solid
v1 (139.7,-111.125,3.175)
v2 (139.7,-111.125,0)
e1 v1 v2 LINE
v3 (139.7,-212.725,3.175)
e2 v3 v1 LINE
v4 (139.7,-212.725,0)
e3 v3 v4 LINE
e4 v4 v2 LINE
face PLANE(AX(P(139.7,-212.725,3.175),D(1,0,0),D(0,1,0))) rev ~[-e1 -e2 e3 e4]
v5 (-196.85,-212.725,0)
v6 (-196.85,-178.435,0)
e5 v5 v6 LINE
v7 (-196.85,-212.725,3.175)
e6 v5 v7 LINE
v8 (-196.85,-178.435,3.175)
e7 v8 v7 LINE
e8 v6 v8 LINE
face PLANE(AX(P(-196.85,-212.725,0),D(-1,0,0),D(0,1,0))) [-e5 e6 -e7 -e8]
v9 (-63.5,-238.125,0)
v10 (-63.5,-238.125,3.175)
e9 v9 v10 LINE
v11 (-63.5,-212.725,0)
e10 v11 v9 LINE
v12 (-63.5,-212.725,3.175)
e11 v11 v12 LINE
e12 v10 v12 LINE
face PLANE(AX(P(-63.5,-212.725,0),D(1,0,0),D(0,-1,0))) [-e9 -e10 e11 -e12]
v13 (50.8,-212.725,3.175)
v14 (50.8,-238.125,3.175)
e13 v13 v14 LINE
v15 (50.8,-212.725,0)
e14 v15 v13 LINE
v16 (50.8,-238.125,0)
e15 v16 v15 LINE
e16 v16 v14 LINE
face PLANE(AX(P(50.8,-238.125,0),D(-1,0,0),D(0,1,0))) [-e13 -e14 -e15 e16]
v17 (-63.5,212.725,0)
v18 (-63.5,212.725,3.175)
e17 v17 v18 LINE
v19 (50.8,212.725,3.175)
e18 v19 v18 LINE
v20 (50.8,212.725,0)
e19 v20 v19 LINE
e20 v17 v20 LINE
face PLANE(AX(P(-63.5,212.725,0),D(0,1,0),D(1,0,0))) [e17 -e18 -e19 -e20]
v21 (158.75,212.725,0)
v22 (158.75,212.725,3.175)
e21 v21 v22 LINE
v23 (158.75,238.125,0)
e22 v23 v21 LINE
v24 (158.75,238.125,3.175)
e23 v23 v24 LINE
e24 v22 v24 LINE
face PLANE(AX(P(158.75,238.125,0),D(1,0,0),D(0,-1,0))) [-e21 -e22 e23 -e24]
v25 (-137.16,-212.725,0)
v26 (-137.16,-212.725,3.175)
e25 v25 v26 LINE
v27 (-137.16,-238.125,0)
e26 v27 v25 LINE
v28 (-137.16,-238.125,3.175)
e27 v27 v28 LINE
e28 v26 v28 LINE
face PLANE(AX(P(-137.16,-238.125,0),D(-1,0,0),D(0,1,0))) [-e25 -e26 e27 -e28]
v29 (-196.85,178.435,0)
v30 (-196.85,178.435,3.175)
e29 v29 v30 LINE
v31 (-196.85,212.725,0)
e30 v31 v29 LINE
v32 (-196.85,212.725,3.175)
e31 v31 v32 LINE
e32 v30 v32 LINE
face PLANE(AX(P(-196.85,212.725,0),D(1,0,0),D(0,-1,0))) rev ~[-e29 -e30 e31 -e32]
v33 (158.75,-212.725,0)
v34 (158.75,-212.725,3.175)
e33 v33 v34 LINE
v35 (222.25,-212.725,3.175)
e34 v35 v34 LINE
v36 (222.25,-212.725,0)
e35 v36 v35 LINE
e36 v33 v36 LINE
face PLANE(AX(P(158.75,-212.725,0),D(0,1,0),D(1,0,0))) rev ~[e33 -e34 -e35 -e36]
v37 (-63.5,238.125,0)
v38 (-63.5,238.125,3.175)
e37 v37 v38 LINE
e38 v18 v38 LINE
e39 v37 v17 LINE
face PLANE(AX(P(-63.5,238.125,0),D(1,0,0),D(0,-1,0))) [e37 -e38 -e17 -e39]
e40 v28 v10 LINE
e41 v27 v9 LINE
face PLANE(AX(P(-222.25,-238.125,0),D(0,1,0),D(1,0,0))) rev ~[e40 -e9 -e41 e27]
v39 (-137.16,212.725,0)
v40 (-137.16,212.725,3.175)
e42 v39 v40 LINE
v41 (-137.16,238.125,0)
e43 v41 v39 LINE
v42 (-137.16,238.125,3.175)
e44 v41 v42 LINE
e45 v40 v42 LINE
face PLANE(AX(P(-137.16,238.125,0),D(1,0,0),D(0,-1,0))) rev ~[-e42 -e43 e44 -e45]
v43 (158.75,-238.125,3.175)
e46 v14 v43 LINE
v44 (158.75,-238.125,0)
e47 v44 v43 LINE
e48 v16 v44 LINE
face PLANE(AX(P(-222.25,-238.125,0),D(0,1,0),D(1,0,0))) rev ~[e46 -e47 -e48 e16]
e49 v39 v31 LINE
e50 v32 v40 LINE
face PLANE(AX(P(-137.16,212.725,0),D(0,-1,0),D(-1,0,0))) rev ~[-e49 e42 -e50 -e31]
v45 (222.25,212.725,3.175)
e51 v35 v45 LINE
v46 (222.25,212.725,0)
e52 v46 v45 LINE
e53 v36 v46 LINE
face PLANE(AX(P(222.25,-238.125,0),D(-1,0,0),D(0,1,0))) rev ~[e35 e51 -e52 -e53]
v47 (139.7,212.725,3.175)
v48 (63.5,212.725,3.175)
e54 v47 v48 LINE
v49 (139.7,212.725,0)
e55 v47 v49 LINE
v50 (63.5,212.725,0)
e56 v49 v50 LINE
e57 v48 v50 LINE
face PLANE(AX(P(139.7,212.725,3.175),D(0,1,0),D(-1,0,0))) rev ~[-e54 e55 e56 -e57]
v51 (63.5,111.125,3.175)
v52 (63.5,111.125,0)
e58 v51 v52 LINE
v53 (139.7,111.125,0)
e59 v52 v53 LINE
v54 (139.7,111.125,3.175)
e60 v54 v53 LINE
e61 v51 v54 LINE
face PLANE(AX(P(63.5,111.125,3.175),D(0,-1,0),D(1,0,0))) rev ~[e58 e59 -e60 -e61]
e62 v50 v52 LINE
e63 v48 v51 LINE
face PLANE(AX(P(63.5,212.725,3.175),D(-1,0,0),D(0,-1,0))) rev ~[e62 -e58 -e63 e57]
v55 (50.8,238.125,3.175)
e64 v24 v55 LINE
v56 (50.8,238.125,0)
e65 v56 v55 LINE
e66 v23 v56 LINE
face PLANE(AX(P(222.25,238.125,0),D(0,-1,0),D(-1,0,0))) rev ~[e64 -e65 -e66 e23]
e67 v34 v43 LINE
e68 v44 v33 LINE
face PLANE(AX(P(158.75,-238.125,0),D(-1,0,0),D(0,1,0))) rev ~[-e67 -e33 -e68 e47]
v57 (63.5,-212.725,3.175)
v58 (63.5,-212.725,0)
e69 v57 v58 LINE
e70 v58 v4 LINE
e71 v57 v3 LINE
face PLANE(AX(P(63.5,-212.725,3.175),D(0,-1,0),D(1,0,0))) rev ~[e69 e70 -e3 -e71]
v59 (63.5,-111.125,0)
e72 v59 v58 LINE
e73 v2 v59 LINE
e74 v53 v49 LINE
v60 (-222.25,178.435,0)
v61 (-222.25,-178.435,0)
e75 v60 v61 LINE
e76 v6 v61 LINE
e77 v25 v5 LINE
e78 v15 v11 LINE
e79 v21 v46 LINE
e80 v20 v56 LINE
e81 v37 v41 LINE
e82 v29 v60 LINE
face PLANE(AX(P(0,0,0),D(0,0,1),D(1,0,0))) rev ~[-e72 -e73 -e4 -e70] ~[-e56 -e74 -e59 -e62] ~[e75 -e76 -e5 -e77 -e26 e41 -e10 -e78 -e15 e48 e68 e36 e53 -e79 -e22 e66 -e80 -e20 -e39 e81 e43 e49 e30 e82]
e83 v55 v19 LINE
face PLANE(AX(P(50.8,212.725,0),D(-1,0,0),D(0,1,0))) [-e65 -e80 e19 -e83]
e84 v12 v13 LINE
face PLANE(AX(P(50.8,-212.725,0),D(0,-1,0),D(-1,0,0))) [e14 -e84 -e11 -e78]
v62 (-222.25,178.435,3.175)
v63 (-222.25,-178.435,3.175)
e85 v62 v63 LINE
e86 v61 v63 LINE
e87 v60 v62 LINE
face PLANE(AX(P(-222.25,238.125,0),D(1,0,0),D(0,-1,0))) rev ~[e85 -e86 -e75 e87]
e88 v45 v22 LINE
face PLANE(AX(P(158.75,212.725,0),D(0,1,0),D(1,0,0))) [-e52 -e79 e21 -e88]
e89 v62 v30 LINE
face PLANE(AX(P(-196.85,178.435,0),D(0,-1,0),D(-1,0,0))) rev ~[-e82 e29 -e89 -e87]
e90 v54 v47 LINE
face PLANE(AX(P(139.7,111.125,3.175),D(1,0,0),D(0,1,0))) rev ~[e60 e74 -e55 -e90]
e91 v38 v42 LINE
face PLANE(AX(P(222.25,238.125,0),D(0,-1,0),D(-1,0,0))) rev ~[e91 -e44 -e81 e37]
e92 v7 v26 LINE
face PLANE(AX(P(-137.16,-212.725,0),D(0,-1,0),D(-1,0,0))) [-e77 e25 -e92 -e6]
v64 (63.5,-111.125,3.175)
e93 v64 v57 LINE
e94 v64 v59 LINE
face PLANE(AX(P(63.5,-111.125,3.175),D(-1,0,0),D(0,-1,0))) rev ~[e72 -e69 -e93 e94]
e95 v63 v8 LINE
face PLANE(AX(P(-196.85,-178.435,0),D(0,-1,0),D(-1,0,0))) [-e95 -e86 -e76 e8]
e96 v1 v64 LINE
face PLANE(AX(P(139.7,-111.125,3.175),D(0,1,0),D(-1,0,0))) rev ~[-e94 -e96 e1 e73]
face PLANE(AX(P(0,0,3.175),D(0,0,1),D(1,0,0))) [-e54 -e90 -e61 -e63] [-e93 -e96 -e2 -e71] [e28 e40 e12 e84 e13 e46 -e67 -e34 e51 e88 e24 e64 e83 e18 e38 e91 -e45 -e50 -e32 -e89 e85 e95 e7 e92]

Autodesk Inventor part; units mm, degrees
ref_plane "YZ Plane" through (0, 0, 0) normal (1, 0, 0) x (0, 1, 0)
ref_plane "XZ Plane" through (0, 0, 0) normal (0, 1, 0) x (-1, 0, 0)
ref_plane "XY Plane" through (0, 0, 0) normal (0, 0, 1) x (1, 0, 0)
sketch "Sketch1" plane through (0, 0, 0) normal (0, 0, 1) x (1, 0, 0)
  line L0 (-222.25, -238.125) -> (222.25, -238.125)
  line L1 (222.25, -238.125) -> (222.25, 238.125)
  line L2 (222.25, 238.125) -> (-222.25, 238.125)
  line L3 (-222.25, 238.125) -> (-222.25, -238.125)
  line L4 (-222.25, -238.125) -> (222.25, 238.125) construction
  line L5 (222.25, -238.125) -> (-222.25, 238.125) construction
  point P0 (0, 0)
  dimension "d0" = 444.5
  dimension "d1" = 476.25
extrude "Extrusion1" add sketch "Sketch1" along normal blind 3.175
sketch "Sketch3" plane through (0, 0, 3.175) normal (0, 0, 1) x (1, 0, 0)
  line L0 (-222.25, -238.125) -> (222.25, -238.125) construction
  line L1 (222.25, -238.125) -> (222.25, -161.925) construction
  line L2 (222.25, -238.125) -> (222.25, 238.125) construction
  line L3 (222.25, -161.925) -> (101.6, -161.925) construction
  line L4 (63.5, -212.725) -> (139.7, -212.725)
  line L5 (139.7, -212.725) -> (139.7, -111.125)
  line L6 (139.7, -111.125) -> (63.5, -111.125)
  line L7 (63.5, -111.125) -> (63.5, -212.725)
  line L8 (63.5, -212.725) -> (139.7, -111.125) construction
  line L9 (139.7, -212.725) -> (63.5, -111.125) construction
  point P0 (0, 0)
  dimension "d10" = 76.2
  dimension "d11" = 120.65
  dimension "d12" = 76.2
  dimension "d13" = 101.6
extrude "Extrusion3" cut sketch "Sketch3" against normal through all
sketch "Sketch4" plane through (0, 0, 3.175) normal (0, 0, 1) x (1, 0, 0)
  line L0 (222.25, -238.125) -> (222.25, 238.125) construction
  line L1 (222.25, 238.125) -> (222.25, 161.925) construction
  line L2 (222.25, 161.925) -> (101.6, 161.925) construction
  line L3 (63.5, 111.125) -> (139.7, 111.125)
  line L4 (139.7, 111.125) -> (139.7, 212.725)
  line L5 (139.7, 212.725) -> (63.5, 212.725)
  line L6 (63.5, 212.725) -> (63.5, 111.125)
  line L7 (63.5, 111.125) -> (139.7, 212.725) construction
  line L8 (139.7, 111.125) -> (63.5, 212.725) construction
  point P0 (0, 0)
  dimension "d16" = 76.2
  dimension "d17" = 120.65
  dimension "d18" = 76.2
  dimension "d19" = 101.6
extrude "Extrusion4" cut sketch "Sketch4" against normal through all
sketch "Sketch5" plane through (0, 0, 0) normal (0, 0, -1) x (-1, 0, 0)
  line L0 (-222.25, -238.125) -> (-222.25, 238.125) projected
  line L1 (-222.25, -238.125) -> (-158.75, -238.125)
  line L2 (-158.75, -238.125) -> (-158.75, -212.725)
  line L3 (-158.75, -212.725) -> (-222.25, -212.725)
  line L4 (-222.25, -212.725) -> (-222.25, -238.125)
  point P0 (0, 0)
  dimension "d22" = 63.5
  dimension "d23" = 25.4
extrude "Extrusion5" cut sketch "Sketch5" against normal through all
sketch "Sketch6" plane through (0, 0, 0) normal (0, 0, -1) x (-1, 0, 0)
  line L0 (-222.25, 238.125) -> (-158.75, 238.125)
  line L1 (-158.75, 238.125) -> (-158.75, 212.725)
  line L2 (-158.75, 212.725) -> (-222.25, 212.725)
  line L3 (-222.25, 212.725) -> (-222.25, 238.125)
  point P0 (0, 0)
  dimension "d26" = 63.5
  dimension "d27" = 25.4
extrude "Extrusion6" cut sketch "Sketch6" against normal through all
sketch "Sketch7" plane through (0, 0, 0) normal (0, 0, -1) x (-1, 0, 0)
  line L0 (-158.75, 238.125) -> (222.25, 238.125) projected
  line L1 (222.25, 238.125) -> (137.16, 238.125)
  line L2 (137.16, 238.125) -> (137.16, 212.725)
  line L3 (137.16, 212.725) -> (196.85, 212.725)
  line L4 (222.25, 217.4302) -> (222.25, 238.125)
  line L5 (222.25, 238.125) -> (187.6675, 238.125)
  line L6 (196.85, 212.725) -> (196.85, 178.435)
  line L7 (196.85, 178.435) -> (222.25, 178.435)
  line L8 (222.25, 178.435) -> (222.25, 238.125)
  point P0 (0, 0)
  dimension "d31" = 25.4
  dimension "d32" = 25.4
  dimension "d36" = 59.69
  dimension "d37" = 85.09
extrude "Extrusion7" cut sketch "Sketch7" against normal through all
sketch "Sketch8" plane through (0, 0, 0) normal (0, 0, -1) x (-1, 0, 0)
  line L0 (222.25, -238.125) -> (-158.75, -238.125) projected
  line L1 (222.25, -238.125) -> (196.85, -238.125)
  line L2 (196.85, -212.725) -> (196.85, -178.435)
  line L3 (196.85, -178.435) -> (222.25, -178.435)
  line L4 (222.25, -178.435) -> (222.25, -238.125)
  line L5 (222.25, -238.125) -> (137.16, -238.125)
  line L6 (137.16, -238.125) -> (137.16, -212.725)
  line L7 (137.16, -212.725) -> (196.85, -212.725)
  line L8 (222.25, -212.725) -> (222.25, -238.125)
  point P0 (0, 0)
  dimension "d38" = 25.4
  dimension "d39" = 59.69
  dimension "d40" = 85.09
  dimension "d41" = 25.4
extrude "Extrusion8" cut sketch "Sketch8" against normal through all
sketch "Sketch9" plane through (0, 0, 0) normal (0, 0, -1) x (-1, 0, 0)
  line L0 (-158.75, 212.725) -> (-158.75, 238.125) construction
  line L1 (-158.75, 225.425) -> (6.35, 225.425) construction
  line L2 (-50.8, 238.125) -> (63.5, 238.125)
  line L3 (63.5, 238.125) -> (63.5, 212.725)
  line L4 (63.5, 212.725) -> (-50.8, 212.725)
  line L5 (-50.8, 212.725) -> (-50.8, 238.125)
  line L6 (-50.8, 238.125) -> (63.5, 212.725) construction
  line L7 (63.5, 238.125) -> (-50.8, 212.725) construction
  line L8 (-158.75, -238.125) -> (-158.75, -212.725) construction
  line L9 (-158.75, -225.425) -> (6.35, -225.425) construction
  line L10 (-50.8, -212.725) -> (63.5, -212.725)
  line L11 (63.5, -212.725) -> (63.5, -238.125)
  line L12 (63.5, -238.125) -> (-50.8, -238.125)
  line L13 (-50.8, -238.125) -> (-50.8, -212.725)
  line L14 (-50.8, -212.725) -> (63.5, -238.125) construction
  line L15 (63.5, -212.725) -> (-50.8, -238.125) construction
  point P0 (0, 0)
  dimension "d44" = 165.1
  dimension "d45" = 114.3
  dimension "d46" = 25.4
  dimension "d47" = 165.1
  dimension "d48" = 114.3
  dimension "d49" = 25.4
extrude "Extrusion9" cut sketch "Sketch9" against normal through all
properties part number "Bellypan"
